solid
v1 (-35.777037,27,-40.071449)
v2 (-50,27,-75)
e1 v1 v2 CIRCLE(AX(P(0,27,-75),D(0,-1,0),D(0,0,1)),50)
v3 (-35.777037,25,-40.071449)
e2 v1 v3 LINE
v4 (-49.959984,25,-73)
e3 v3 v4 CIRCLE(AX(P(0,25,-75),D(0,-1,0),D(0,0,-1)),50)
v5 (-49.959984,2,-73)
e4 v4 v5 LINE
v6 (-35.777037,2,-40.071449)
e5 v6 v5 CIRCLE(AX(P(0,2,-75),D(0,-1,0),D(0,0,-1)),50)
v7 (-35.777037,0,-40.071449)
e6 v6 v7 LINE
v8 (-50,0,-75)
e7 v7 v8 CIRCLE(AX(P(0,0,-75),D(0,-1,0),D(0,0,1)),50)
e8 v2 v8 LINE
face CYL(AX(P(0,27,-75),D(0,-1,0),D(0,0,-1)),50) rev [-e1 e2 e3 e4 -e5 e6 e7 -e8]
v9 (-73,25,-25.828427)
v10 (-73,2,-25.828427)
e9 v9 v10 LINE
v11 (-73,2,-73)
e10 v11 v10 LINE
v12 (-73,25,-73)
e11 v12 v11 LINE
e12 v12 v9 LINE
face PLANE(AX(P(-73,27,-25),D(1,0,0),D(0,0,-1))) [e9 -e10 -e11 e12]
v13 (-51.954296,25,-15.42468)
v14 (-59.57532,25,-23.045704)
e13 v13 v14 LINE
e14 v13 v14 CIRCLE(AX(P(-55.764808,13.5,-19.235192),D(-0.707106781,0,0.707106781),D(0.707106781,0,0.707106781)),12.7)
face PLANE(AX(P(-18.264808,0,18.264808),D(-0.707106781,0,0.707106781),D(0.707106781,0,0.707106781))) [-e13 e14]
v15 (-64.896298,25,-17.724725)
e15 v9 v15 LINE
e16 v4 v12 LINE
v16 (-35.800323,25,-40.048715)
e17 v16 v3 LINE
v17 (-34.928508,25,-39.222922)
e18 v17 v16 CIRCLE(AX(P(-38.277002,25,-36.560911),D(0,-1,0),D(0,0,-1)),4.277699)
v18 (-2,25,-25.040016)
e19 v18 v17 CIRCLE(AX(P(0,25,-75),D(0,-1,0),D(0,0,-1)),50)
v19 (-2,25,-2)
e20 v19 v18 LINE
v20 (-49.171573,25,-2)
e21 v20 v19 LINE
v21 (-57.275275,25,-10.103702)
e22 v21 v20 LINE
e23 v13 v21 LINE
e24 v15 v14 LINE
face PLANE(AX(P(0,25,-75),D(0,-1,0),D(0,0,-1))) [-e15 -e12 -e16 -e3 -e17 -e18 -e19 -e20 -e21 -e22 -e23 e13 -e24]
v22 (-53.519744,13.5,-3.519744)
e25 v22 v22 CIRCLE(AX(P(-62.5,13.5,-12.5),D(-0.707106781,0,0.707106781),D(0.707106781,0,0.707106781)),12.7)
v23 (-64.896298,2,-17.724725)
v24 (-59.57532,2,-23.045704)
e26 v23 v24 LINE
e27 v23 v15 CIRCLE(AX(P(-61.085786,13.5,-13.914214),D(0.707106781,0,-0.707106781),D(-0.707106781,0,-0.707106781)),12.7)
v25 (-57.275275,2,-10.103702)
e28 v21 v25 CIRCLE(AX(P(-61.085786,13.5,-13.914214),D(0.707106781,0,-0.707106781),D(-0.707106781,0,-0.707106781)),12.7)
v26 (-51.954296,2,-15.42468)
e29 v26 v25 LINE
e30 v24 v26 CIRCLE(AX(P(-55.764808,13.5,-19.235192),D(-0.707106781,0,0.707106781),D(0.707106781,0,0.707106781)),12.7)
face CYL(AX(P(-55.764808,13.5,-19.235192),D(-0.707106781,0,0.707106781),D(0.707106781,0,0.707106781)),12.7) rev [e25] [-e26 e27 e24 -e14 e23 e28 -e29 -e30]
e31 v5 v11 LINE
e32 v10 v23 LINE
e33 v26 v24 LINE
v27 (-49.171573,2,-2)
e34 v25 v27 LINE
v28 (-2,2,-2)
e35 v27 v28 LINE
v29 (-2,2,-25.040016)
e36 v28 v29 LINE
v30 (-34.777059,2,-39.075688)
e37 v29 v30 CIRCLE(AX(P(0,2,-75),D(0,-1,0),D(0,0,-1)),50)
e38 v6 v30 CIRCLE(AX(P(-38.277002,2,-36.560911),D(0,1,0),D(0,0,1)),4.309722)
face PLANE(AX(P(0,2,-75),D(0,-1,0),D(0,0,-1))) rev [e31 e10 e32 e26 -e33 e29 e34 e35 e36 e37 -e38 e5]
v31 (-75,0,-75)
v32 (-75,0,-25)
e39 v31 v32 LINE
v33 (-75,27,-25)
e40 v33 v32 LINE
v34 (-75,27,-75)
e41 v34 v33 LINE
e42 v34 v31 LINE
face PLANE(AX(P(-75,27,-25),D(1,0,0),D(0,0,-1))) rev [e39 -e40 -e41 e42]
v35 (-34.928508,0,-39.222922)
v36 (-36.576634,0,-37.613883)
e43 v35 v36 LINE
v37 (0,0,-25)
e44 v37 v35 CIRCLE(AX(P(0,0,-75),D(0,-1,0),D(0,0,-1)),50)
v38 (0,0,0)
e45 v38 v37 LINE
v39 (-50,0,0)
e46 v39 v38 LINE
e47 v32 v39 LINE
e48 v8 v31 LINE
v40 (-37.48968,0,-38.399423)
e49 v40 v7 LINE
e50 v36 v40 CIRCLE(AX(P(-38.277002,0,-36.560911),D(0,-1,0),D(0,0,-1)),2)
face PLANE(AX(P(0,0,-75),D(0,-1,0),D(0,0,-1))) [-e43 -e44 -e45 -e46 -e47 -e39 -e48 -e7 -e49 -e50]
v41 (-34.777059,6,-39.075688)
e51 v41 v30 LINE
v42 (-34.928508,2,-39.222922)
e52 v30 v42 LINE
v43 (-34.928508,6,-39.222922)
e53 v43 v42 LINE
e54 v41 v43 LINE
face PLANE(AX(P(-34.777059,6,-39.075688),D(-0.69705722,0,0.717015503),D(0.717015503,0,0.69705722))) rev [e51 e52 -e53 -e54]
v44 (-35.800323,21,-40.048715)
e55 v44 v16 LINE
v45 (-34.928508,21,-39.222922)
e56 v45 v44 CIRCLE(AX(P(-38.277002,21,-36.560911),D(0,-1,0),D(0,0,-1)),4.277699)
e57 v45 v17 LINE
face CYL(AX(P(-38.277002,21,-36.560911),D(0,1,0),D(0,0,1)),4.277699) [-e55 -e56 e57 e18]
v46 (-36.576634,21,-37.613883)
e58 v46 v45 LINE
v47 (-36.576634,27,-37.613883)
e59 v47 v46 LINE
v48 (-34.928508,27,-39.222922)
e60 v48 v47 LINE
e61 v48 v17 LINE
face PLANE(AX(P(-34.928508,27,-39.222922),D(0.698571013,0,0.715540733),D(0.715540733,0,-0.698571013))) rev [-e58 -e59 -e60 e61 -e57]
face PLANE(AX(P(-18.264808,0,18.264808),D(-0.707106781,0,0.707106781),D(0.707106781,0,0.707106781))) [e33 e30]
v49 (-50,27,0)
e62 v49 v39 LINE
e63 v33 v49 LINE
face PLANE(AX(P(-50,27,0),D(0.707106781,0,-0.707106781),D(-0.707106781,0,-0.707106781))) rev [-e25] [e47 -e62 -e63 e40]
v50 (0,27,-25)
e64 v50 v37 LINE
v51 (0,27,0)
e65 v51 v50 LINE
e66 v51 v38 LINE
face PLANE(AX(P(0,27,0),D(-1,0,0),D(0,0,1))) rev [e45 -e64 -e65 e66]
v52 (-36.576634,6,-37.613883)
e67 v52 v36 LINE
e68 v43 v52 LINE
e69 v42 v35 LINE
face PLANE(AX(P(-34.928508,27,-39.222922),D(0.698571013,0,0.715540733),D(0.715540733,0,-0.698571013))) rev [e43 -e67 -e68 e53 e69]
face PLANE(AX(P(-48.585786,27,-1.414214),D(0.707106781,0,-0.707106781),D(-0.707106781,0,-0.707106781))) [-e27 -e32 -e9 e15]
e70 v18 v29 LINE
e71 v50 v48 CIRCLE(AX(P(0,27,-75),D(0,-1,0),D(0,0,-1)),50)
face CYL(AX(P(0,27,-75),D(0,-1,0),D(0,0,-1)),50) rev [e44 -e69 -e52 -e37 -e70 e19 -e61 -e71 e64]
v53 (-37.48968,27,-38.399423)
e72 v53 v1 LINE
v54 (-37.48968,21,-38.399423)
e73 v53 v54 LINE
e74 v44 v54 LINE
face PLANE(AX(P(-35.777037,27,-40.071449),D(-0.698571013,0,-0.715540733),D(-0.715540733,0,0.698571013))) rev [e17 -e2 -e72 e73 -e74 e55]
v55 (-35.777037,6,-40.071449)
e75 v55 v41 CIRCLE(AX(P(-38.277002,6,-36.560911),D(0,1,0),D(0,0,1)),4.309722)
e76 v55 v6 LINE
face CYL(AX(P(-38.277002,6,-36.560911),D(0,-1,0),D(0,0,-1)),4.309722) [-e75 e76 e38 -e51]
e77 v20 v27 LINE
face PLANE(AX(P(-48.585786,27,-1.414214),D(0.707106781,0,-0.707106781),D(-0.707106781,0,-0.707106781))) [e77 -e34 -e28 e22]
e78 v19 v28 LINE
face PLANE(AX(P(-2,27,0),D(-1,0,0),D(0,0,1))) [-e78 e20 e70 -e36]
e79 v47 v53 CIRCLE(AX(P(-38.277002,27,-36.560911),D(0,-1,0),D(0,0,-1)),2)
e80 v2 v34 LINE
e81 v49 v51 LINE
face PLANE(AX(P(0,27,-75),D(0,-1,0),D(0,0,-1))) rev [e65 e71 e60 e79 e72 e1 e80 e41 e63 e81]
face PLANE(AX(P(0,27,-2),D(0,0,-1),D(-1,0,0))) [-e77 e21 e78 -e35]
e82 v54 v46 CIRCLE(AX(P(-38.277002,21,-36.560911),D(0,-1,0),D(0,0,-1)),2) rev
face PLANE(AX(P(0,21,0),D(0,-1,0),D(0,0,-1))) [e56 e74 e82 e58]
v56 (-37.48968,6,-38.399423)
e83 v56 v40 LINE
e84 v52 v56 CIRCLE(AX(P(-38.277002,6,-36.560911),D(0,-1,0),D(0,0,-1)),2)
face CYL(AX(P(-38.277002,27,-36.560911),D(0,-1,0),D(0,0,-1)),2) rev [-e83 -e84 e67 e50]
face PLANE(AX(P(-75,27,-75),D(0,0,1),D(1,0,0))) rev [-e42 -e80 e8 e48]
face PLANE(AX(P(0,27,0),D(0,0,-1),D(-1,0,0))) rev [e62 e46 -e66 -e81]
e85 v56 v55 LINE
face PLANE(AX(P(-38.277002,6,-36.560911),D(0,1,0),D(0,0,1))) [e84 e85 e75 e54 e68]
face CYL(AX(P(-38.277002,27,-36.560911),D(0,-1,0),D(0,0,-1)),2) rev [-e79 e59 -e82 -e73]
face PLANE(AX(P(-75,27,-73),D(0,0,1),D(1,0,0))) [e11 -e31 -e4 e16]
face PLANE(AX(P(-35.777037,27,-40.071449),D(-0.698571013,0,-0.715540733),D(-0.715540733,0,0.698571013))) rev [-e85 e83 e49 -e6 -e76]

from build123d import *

# Parameters (mm, degrees)
BOSS_EXTRUDE1_DEPTH = 27
SHELL1_T            = -2
CUT_EXTRUDE1_DEPTH  = 9.525
BOSS_EXTRUDE2_DEPTH = 4
BOSS_EXTRUDE3_START = 4
BOSS_EXTRUDE3_DEPTH = 4


with BuildPart() as part:
    # Sketch3 → Boss-Extrude1 (new body)
    with BuildSketch(Plane(origin=(0, 0, 0), x_dir=(1, 0, 0), z_dir=(0, 1, 0))):
        with BuildLine():
            Line((0, 0), (-50, 0))
            Line((-50, 0), (-74.999999958, 24.999999958))
            Line((-74.999999958, 24.999999958), (-74.999999958, 74.999999958))
            Line((-74.999999958, 74.999999958), (-49.999999958, 74.999999958))
            ThreePointArc((-49.999999958, 74.999999958), (-46.307946536, 56.143327838), (-35.777036608, 40.071449353))
            Line((-35.777036608, 40.071449353), (-37.489680236, 38.399422676))
            ThreePointArc((-37.489680236, 38.399422676), (-39.581385752, 35.04480348), (-36.576633855, 37.613882683))
            Line((-36.576633855, 37.613882683), (-34.928507994, 39.222921692))
            ThreePointArc((-34.928507994, 39.222921692), (-18.856644541, 28.692042147), (0, 24.999999958))
            Line((0, 24.999999958), (0, 0))
        make_face()
    extrude(amount=BOSS_EXTRUDE1_DEPTH)

    # Shell1
    shell1_openings = [part.faces().sort_by_distance(p)[0] for p in [
        (-46.307946536, 13.5, -56.143327838),
        (-36.633358422, 13.5, -39.235436014),
        (-39.581385752, 13.5, -35.04480348),
        (-35.752570925, 13.5, -38.418402187),
        (-18.856644541, 13.5, -28.692042147),
    ]]
    offset(amount=SHELL1_T, openings=shell1_openings, kind=Kind.INTERSECTION)

    # Sketch5 → Cut-Extrude1 (cut)
    with BuildSketch(Plane(origin=(-25, 0, 25), x_dir=(0.7071067811865527, 0, 0.7071067811865425), z_dir=(-0.7071067811865425, 0, 0.7071067811865527))):
        with BuildLine():
            ThreePointArc((-63.126370107, 21.20805116), (-60.741059719, 3.406638453), (-42.939647012, 5.79194884))
            Line((-42.939647012, 5.79194884), (-63.126370107, 21.20805116))
        make_face()
        with BuildLine():
            Line((-63.126370107, 21.20805116), (-42.939647012, 5.79194884))
            ThreePointArc((-42.939647012, 5.79194884), (-41.002304265, 9.431566127), (-40.333008559, 13.5))
            ThreePointArc((-40.333008559, 13.5), (-48.964574687, 25.530704295), (-63.126370107, 21.20805116))
        make_face()
    extrude(amount=-CUT_EXTRUDE1_DEPTH, mode=Mode.SUBTRACT)

    # Sketch6 → Boss-Extrude2 (add)
    with BuildSketch(Plane(origin=(0, 2, 0), x_dir=(1, 0, 0), z_dir=(0, 1, 0))):
        with BuildLine():
            Line((-34.777058513, 39.075687839), (-34.928507994, 39.222921692))
            Line((-34.928507994, 39.222921692), (-36.576633855, 37.613882683))
            ThreePointArc((-36.576633855, 37.613882683), (-39.581385752, 35.04480348), (-37.489680236, 38.399422676))
            Line((-37.489680236, 38.399422676), (-35.777036608, 40.071449353))
            ThreePointArc((-35.777036608, 40.071449353), (-41.317990025, 33.507045583), (-34.777058513, 39.075687839))
        make_face()
    extrude(amount=BOSS_EXTRUDE2_DEPTH)

    # Sketch7 → Boss-Extrude3 (add)
    with BuildSketch(Plane.XZ.offset(-25).offset(BOSS_EXTRUDE3_START)):
        with BuildLine():
            ThreePointArc((-37.489680236, -38.399422676), (-39.581385752, -35.04480348), (-36.576633855, -37.613882683))
            Line((-36.576633855, -37.613882683), (-34.928507994, -39.222921692))
            ThreePointArc((-34.928507994, -39.222921692), (-41.218708816, -33.455259804), (-35.800323385, -40.048714843))
            Line((-35.800323385, -40.048714843), (-37.489680236, -38.399422676))
        make_face()
    extrude(amount=-BOSS_EXTRUDE3_DEPTH)


solid = part.part
